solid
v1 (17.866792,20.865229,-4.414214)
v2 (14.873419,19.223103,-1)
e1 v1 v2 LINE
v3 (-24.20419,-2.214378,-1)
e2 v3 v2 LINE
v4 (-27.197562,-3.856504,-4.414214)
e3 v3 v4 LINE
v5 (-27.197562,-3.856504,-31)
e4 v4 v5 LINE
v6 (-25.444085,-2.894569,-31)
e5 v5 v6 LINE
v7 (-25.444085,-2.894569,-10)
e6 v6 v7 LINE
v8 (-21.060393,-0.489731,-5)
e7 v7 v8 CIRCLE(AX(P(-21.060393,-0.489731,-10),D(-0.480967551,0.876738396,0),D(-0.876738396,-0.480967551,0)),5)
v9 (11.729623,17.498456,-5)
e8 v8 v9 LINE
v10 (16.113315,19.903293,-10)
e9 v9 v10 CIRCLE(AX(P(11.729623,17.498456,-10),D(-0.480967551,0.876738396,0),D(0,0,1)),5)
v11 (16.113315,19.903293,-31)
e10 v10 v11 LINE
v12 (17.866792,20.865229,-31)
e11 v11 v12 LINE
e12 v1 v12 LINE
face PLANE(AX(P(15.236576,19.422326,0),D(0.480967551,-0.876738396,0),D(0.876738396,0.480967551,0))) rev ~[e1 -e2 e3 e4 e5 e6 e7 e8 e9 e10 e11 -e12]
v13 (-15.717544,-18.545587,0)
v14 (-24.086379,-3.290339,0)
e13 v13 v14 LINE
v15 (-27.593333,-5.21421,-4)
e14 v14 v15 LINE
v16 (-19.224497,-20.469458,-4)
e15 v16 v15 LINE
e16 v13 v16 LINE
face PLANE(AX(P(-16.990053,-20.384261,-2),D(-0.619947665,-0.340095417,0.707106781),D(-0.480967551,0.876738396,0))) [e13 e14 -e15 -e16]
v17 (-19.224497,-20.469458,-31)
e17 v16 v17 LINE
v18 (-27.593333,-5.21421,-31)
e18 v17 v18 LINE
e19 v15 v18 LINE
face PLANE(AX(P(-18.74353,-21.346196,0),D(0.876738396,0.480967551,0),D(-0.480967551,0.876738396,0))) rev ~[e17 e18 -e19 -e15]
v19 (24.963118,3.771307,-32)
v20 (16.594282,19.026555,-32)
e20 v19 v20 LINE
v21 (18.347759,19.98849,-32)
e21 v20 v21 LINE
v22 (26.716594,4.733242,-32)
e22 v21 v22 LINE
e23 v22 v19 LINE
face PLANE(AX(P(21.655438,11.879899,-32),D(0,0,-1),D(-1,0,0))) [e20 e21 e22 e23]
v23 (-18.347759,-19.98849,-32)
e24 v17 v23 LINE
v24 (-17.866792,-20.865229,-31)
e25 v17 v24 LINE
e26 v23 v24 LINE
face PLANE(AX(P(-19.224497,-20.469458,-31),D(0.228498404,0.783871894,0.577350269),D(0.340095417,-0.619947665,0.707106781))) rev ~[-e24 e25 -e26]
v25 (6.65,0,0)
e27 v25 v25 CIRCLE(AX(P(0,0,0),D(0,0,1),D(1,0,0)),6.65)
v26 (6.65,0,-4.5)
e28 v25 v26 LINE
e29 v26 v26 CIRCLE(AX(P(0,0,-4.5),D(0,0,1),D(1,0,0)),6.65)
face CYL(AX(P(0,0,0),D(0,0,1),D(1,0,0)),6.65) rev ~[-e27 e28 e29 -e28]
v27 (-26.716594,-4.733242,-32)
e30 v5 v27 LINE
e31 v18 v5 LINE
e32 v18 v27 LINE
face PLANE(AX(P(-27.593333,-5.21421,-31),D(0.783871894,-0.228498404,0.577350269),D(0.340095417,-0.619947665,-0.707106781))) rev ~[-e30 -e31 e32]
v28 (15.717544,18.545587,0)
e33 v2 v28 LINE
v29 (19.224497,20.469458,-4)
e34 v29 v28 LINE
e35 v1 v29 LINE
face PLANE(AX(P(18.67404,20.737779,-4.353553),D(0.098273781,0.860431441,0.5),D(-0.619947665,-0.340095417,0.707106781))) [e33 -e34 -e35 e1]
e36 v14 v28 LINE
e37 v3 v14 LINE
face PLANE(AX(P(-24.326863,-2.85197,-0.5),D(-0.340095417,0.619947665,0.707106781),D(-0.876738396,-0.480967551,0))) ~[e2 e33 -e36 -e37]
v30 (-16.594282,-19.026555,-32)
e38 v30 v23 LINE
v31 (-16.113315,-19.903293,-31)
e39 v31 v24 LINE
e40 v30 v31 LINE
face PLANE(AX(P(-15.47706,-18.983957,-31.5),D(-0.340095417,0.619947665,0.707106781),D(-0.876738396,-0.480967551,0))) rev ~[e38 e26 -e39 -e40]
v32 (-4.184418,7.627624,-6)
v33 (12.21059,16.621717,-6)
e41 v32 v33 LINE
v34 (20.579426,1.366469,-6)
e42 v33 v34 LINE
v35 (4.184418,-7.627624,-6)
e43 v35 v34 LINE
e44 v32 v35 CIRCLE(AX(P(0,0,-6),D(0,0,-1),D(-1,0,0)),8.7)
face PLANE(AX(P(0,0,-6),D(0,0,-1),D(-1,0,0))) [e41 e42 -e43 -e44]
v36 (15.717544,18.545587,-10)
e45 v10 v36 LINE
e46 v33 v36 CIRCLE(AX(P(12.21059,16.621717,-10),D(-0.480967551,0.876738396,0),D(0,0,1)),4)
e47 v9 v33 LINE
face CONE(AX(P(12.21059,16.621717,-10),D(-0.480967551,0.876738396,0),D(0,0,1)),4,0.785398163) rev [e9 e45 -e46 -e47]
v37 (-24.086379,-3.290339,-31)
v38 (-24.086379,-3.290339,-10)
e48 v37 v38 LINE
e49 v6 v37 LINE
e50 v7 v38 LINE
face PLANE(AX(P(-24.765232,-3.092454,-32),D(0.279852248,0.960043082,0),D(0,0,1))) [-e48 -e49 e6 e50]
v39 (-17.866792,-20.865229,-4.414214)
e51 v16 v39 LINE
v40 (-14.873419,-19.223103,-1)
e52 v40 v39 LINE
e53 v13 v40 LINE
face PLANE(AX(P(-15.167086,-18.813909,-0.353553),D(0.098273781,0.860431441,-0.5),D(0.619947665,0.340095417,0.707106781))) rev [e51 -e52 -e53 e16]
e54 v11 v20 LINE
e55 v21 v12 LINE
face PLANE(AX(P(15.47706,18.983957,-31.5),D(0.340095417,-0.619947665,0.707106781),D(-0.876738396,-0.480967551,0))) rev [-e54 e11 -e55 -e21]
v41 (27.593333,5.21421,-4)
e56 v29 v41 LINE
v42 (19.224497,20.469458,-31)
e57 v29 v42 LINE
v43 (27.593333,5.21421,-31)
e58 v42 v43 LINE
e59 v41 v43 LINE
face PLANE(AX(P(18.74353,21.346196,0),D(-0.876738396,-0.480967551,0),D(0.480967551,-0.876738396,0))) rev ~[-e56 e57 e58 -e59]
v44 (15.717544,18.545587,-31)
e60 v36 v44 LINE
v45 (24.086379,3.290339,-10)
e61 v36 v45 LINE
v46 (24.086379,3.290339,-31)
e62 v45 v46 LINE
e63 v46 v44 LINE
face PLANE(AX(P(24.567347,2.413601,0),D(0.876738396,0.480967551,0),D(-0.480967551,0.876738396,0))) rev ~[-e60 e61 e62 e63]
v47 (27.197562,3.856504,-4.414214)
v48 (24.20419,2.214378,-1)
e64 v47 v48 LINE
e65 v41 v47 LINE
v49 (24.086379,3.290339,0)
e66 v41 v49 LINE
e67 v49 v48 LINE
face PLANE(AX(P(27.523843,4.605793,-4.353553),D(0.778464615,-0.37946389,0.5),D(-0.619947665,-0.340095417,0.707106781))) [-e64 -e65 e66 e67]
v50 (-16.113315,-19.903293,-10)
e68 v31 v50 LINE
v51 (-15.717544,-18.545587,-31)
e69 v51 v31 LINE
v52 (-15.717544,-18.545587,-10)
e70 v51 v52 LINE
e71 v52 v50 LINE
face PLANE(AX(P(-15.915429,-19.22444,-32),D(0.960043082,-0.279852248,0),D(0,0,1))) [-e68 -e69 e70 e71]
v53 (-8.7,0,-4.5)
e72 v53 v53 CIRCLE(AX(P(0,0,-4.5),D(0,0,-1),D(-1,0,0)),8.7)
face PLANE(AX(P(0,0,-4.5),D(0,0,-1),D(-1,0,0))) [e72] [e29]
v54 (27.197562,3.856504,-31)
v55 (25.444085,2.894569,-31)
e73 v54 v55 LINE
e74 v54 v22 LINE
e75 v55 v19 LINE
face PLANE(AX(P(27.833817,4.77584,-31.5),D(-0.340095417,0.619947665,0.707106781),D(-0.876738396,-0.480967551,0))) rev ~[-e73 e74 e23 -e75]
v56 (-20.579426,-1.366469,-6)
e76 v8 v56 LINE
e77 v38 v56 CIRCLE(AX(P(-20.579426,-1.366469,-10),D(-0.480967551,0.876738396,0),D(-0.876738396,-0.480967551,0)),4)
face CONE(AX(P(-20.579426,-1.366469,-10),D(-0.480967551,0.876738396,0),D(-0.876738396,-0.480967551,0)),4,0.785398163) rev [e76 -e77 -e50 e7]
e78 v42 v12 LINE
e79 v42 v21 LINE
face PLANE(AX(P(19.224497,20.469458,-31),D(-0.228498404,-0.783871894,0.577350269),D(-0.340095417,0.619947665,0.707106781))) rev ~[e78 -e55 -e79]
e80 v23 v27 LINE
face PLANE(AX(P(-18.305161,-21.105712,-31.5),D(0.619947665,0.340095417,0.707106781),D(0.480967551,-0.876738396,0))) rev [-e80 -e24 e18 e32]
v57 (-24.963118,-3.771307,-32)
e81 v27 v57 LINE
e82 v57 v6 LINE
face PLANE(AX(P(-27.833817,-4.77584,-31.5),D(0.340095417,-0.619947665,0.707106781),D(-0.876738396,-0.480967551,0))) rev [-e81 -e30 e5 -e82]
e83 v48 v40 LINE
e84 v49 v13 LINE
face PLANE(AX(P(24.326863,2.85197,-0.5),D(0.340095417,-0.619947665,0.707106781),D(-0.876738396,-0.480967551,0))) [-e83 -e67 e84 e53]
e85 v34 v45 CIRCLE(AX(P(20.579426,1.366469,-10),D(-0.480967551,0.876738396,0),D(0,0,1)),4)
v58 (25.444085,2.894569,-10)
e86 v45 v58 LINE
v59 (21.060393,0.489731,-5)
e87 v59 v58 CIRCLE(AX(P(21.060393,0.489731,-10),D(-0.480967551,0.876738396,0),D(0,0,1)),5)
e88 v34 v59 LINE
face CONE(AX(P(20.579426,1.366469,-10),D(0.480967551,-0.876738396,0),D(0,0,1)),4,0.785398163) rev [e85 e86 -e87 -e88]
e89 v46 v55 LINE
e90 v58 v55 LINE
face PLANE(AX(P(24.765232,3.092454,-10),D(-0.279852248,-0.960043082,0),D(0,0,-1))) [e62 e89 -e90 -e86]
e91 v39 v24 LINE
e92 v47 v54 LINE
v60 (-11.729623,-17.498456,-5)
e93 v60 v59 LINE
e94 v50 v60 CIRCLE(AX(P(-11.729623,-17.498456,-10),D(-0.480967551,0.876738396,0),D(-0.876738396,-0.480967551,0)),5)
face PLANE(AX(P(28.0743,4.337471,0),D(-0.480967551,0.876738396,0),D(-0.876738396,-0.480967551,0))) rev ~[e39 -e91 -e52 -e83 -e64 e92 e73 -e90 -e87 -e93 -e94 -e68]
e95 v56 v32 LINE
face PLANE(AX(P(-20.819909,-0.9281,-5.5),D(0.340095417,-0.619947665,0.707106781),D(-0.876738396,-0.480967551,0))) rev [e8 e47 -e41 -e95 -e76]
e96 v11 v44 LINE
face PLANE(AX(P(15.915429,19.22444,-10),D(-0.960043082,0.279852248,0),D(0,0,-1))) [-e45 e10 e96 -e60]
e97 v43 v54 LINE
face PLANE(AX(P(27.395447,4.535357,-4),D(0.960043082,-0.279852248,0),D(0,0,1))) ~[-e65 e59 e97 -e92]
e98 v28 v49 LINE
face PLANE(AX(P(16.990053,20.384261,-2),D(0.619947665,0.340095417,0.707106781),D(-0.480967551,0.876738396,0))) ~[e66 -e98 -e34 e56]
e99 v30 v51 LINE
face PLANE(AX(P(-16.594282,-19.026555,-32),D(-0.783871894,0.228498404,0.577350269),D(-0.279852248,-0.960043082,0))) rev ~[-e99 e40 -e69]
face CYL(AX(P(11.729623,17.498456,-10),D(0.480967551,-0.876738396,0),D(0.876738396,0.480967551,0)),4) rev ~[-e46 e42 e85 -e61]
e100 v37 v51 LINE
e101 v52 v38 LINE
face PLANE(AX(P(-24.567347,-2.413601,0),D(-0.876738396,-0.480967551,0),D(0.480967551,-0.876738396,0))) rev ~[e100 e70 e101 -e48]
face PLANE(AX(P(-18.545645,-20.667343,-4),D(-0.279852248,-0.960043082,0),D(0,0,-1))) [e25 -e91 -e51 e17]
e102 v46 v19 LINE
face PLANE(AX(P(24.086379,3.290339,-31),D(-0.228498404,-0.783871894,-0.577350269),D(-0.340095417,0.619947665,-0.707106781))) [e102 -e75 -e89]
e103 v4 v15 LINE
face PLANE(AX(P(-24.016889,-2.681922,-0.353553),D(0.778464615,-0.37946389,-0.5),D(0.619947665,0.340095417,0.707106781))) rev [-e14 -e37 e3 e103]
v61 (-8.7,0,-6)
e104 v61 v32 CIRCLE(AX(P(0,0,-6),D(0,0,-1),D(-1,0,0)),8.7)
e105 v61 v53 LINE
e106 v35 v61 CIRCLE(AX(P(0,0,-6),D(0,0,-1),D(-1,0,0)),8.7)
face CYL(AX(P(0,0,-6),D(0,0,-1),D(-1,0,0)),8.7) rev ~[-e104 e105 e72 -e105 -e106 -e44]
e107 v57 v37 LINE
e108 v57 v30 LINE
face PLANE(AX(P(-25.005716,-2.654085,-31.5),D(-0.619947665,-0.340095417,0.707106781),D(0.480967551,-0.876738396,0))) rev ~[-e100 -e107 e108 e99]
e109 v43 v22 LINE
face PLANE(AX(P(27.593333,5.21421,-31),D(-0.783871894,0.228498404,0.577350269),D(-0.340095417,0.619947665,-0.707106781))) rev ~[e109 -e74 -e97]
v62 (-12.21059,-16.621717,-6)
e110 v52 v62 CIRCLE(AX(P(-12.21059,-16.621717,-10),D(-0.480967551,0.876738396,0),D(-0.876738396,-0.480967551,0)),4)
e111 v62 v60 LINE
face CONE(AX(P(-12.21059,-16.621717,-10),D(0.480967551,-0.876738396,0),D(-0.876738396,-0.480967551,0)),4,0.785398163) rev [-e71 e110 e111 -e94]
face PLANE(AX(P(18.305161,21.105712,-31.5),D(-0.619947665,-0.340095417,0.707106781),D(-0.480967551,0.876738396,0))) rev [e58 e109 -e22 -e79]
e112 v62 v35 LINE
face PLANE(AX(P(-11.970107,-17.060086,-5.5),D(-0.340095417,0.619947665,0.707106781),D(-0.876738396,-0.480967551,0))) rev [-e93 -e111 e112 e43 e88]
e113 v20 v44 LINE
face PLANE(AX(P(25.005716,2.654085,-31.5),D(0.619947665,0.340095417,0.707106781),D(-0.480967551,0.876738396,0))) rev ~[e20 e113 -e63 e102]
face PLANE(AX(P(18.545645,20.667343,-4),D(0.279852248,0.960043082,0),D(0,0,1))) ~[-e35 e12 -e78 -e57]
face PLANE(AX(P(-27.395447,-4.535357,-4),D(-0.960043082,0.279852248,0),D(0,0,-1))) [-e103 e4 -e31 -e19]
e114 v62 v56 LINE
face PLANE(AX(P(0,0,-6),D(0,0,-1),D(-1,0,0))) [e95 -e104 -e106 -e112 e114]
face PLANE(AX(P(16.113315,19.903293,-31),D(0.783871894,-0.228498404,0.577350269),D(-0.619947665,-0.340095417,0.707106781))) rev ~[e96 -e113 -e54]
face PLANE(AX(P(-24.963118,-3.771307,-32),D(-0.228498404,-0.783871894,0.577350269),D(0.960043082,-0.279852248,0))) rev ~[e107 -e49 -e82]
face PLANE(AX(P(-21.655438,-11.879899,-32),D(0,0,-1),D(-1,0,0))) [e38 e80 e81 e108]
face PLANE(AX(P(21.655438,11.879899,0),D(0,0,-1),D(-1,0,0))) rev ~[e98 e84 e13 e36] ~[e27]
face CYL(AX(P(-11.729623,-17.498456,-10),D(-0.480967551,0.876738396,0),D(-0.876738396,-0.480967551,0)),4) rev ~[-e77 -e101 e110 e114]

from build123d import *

# Parameters (mm, degrees)
SKETCH1_R           = 6.650000000000002
BOSS_EXTRUDE1_DEPTH = 6
BOSS_EXTRUDE2_DEPTH = 32
FILLET1_R           = 4
CHAMFER1_SIZE       = 4
CHAMFER2_SIZE       = 1
SKETCH3_R           = 8.699999999995331
CUT_EXTRUDE1_DEPTH  = 1.5


with BuildPart() as part:
    # Sketch1 → Boss-Extrude1 (new body)
    with BuildSketch(Plane.XY):
        Polygon((15.23657634098733, 19.422325849528544), (24.56734683192624, 2.4136009694730585), (24.12897763398666, 2.173117193933393), (-14.79820714304776, -19.1818420739889), (-15.236576340987371, -19.42232584952858), (-24.567346831926308, -2.4136009694729568), (-24.12897763398673, -2.173117193933293), (14.798207143047753, 19.181842073988882), align=None)
        Circle(SKETCH1_R, mode=Mode.SUBTRACT)
    extrude(amount=-BOSS_EXTRUDE1_DEPTH)

    # Sketch2 → Boss-Extrude2 (add)
    with BuildSketch(Plane.XY):
        Polygon((24.56734683192624, 2.4136009694730585), (15.23657634098733, 19.422325849528544), (18.743529924503946, 21.34619605384586), (28.07430041544286, 4.337471173790374), align=None)
        Polygon((-24.567346831926308, -2.4136009694729568), (-15.236576340987371, -19.42232584952858), (-18.743529924503996, -21.346196053845887), (-28.074300415442934, -4.337471173790264), align=None)
    extrude(amount=-BOSS_EXTRUDE2_DEPTH)

    # Fillet1
    fillet1_edges = [part.edges().sort_by_distance(p)[0] for p in [
        (19.901961586456785, 10.917963409500802, -6),
        (-19.90196158645684, -10.917963409500768, -6),
    ]]
    fillet(fillet1_edges, radius=FILLET1_R)

    # Chamfer1
    chamfer1_edges = [part.edges().sort_by_distance(p)[0] for p in [
        (23.408915169973405, 12.841833613818116, 0),
        (-23.408915169973465, -12.841833613818075, 0),
    ]]
    chamfer(chamfer1_edges, length=CHAMFER1_SIZE)

    # Chamfer2
    chamfer2_edges = [part.edges().sort_by_distance(p)[0] for p in [
        (26.32082362368455, 3.375536071631716, -32),
        (28.07430041544286, 4.337471173790374, -18),
        (24.56734683192624, 2.4136009694730585, -21),
        (19.901961586456785, 10.917963409500802, -32),
        (16.990053132745636, 20.384260951687203, -32),
        (15.23657634098733, 19.422325849528544, -21),
        (23.408915169973405, 12.841833613818116, -32),
        (18.743529924503946, 21.34619605384586, -18),
        (-26.32082362368462, -3.3755360716316103, -32),
        (-28.074300415442934, -4.337471173790264, -18),
        (-24.567346831926308, -2.4136009694729568, -21),
        (-19.90196158645684, -10.917963409500768, -32),
        (-16.990053132745683, -20.38426095168723, -32),
        (-15.236576340987371, -19.42232584952858, -21),
        (-23.408915169973465, -12.841833613818075, -32),
        (-18.743529924503996, -21.346196053845887, -18),
        (4.665385245469443, -8.504362440027757, -6),
        (-4.665385245469494, 8.504362440027792, -6),
        (-14.209413417681859, -18.858837312806703, -7.171572875253809),
        (-23.540183908620747, -1.8501124327511644, -7.171572875253809),
        (14.209413417681818, 18.85883731280668, -7.171572875253809),
        (23.54018390862069, 1.8501124327512626, -7.171572875253809),
        (-4.665385245469494, 8.504362440027798, 0),
        (4.66538524546943, -8.504362440027759, 0),
        (26.32082362368455, 3.375536071631717, -2.0000000000000004),
        (-16.99005313274572, -20.38426095168716, -2.0000000000000018),
        (16.990053132745686, 20.384260951687114, -1.9999999999999964),
        (-26.32082362368462, -3.3755360716316103, -2.000000000000001),
    ]]
    chamfer(chamfer2_edges, length=CHAMFER2_SIZE)

    # Sketch3 → Cut-Extrude1 (cut)
    with BuildSketch(Plane(origin=(0, 0, -6), x_dir=(-1, 0, 0), z_dir=(0, 0, -1))):
        Circle(SKETCH3_R)
    extrude(amount=-CUT_EXTRUDE1_DEPTH, mode=Mode.SUBTRACT)


solid = part.part
